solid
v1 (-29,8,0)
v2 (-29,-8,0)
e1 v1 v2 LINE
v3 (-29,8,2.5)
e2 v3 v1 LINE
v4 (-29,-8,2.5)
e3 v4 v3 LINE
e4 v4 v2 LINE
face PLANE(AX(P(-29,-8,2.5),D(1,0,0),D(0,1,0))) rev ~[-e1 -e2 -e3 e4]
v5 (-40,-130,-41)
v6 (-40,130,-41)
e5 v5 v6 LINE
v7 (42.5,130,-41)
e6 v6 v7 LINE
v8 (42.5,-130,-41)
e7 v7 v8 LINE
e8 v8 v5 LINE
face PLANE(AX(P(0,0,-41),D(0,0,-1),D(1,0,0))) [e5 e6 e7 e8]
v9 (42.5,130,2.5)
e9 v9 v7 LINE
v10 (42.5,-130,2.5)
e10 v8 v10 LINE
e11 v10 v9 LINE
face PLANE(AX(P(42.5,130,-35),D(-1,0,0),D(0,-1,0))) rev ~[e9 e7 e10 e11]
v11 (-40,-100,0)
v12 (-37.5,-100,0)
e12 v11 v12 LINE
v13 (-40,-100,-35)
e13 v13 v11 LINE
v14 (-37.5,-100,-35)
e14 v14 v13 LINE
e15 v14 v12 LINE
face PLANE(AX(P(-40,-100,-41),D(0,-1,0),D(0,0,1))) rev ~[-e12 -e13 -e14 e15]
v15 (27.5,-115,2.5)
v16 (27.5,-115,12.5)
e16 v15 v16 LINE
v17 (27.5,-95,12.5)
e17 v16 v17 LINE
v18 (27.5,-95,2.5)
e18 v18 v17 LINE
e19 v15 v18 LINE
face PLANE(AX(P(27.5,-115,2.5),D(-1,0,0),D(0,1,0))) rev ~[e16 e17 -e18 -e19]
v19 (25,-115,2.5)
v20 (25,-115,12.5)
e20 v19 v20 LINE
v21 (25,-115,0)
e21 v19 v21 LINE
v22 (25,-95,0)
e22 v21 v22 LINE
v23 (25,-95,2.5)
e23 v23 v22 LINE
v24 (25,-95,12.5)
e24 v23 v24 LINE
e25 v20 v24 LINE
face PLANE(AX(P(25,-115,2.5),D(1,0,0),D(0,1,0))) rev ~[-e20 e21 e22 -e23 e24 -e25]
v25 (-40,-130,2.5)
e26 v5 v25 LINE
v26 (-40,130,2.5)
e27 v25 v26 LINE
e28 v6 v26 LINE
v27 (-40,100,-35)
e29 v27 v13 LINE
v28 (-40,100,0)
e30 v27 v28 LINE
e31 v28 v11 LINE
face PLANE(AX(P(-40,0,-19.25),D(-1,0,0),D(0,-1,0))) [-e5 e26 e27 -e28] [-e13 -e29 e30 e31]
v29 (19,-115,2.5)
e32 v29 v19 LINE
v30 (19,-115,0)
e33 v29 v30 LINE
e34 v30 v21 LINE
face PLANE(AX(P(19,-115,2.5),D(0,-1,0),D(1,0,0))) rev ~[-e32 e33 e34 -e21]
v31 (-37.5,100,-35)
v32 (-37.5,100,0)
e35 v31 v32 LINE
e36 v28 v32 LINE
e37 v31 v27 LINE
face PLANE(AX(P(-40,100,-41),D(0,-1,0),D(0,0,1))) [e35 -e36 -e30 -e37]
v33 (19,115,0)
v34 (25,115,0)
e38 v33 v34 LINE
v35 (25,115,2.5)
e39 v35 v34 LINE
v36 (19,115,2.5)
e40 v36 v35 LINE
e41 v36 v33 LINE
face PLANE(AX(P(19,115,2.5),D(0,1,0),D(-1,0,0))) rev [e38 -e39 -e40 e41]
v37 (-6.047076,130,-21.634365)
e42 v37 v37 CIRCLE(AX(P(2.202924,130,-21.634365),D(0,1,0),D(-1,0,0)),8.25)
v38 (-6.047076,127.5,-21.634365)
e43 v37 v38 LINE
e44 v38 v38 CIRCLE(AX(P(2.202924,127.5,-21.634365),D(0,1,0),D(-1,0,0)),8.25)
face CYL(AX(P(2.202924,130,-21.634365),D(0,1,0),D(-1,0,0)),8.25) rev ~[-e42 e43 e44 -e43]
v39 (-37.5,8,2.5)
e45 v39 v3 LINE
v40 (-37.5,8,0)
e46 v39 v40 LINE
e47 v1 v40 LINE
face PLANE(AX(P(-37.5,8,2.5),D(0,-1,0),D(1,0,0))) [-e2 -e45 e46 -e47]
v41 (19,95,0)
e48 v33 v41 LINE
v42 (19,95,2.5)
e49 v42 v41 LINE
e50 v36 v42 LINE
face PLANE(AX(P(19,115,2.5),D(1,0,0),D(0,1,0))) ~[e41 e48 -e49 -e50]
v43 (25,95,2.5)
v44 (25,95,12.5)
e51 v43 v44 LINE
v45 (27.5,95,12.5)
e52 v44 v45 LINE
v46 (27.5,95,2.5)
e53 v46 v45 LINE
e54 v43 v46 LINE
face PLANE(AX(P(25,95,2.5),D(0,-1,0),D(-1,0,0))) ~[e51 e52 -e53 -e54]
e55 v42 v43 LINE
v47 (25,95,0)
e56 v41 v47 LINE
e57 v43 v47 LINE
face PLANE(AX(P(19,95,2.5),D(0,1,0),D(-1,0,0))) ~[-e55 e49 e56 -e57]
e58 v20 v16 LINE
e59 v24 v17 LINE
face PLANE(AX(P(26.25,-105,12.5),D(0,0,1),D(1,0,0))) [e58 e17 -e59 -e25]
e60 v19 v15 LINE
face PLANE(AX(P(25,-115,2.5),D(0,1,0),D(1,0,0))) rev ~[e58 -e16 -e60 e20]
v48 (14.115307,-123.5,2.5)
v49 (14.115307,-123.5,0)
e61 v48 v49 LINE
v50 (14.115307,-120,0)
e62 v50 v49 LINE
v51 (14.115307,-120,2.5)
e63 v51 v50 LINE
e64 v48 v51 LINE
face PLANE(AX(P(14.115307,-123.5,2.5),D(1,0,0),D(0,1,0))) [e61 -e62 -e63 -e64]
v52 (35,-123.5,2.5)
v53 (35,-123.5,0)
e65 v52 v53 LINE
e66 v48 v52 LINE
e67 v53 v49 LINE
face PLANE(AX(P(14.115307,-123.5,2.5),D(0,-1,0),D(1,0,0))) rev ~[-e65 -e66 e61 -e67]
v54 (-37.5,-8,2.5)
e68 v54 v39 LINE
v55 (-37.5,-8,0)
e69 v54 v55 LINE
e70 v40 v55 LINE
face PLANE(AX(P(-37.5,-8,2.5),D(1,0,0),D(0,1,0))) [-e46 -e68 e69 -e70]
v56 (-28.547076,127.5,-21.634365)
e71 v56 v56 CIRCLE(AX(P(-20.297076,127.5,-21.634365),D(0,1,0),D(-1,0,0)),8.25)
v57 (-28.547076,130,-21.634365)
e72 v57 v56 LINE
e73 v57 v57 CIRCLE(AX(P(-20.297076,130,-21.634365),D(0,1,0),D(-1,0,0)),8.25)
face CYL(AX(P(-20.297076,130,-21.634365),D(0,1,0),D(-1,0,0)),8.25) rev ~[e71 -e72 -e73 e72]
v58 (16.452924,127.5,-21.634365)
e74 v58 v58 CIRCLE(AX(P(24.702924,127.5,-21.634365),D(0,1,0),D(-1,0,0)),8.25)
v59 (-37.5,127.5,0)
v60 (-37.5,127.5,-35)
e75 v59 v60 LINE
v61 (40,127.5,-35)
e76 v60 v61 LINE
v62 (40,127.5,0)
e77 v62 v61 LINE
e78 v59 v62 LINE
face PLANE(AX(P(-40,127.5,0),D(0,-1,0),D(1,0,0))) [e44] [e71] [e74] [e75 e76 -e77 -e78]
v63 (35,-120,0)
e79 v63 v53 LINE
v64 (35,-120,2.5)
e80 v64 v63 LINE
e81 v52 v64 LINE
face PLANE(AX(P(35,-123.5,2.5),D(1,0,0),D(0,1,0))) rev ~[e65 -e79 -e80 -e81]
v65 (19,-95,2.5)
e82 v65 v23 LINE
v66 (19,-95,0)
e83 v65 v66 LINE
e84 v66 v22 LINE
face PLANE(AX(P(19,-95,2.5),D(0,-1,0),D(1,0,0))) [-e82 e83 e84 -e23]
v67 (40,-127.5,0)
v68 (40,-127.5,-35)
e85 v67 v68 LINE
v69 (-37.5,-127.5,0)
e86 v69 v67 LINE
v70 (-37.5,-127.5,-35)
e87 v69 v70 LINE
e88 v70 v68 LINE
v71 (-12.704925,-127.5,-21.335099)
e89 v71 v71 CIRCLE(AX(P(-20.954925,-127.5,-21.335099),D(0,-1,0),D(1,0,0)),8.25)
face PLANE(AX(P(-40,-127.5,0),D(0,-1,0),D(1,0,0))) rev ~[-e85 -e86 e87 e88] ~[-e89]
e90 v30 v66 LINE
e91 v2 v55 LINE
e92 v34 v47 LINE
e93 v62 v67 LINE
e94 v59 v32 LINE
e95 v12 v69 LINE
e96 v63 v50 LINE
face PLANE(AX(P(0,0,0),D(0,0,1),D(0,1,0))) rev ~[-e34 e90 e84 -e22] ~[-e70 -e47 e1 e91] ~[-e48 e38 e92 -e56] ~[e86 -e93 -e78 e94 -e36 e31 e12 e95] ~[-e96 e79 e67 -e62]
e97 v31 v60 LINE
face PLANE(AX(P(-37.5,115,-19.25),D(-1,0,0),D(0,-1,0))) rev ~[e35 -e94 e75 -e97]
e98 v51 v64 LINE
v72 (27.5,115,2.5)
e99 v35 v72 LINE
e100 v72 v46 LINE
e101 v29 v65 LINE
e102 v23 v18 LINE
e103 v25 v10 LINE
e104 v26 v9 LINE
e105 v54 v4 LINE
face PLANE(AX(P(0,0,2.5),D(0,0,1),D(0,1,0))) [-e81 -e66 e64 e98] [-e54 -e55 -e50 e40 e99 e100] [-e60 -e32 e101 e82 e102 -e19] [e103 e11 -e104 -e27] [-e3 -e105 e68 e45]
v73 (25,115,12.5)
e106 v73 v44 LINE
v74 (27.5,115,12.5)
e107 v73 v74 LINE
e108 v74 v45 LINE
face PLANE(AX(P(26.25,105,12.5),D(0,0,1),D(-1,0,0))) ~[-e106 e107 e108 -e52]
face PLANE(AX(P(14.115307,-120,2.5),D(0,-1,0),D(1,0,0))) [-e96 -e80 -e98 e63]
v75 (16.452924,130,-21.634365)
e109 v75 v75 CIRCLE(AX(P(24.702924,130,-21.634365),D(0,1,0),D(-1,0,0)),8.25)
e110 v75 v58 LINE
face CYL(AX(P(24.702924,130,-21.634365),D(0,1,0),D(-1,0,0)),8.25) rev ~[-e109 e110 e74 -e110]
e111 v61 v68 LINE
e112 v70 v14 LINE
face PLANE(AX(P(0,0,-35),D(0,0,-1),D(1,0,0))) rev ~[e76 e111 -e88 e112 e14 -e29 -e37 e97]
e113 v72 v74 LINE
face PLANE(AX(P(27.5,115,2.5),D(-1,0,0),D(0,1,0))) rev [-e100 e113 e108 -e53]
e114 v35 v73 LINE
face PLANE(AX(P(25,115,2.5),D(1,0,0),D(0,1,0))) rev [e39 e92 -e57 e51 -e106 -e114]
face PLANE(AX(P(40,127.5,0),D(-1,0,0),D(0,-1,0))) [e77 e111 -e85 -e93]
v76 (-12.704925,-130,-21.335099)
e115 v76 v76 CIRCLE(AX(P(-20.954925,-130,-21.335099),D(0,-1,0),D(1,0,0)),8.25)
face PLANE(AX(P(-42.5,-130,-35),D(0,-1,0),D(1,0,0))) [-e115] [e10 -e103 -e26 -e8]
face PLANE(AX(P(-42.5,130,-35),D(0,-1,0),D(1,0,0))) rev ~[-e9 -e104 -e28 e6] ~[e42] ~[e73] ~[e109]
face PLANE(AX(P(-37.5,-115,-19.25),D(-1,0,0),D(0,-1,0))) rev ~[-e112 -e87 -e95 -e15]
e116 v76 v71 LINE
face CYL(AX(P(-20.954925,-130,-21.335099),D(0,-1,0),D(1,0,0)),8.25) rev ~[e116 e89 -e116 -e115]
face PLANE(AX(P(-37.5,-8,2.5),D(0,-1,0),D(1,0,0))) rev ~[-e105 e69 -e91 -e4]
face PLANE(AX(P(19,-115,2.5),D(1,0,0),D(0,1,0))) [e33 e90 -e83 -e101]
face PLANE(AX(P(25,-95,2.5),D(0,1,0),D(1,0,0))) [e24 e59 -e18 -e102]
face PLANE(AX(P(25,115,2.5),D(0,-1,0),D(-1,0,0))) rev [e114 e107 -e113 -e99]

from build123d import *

# Parameters (mm, degrees)
SKETCH1_W           = 260
SKETCH1_H           = 85
BOSS_EXTRUDE1_DEPTH = 2.5
SKETCH2_W           = 85
SKETCH2_H           = 260
SKETCH2_W_2         = 80
SKETCH2_H_2         = 255
BOSS_EXTRUDE2_DEPTH = 35
SKETCH3_W           = 85
SKETCH3_H           = 260
BOSS_EXTRUDE3_DEPTH = 6
SKETCH4_W           = 260
SKETCH4_H           = 43.5
CUT_EXTRUDE1_DEPTH  = 2.5
CUT_EXTRUDE2_REACH  = 45.5
SKETCH5_W           = 8.5
SKETCH5_H           = 16
SKETCH14_R          = 8.25
CUT_EXTRUDE8_DEPTH  = 2.5
SKETCH22_R          = 8.25
CUT_EXTRUDE9_DEPTH  = 10
CUT_EXTRUDE11_REACH = 45.5
SKETCH25_W          = 20.88469263
SKETCH25_H          = 3.5
SKETCH27_W          = 30
SKETCH27_H          = 43.5
BOSS_EXTRUDE4_DEPTH = 2.5
SKETCH29_W          = 2.5
SKETCH29_H          = 20
BOSS_EXTRUDE5_DEPTH = 10
SKETCH30_W          = 6
SKETCH30_H          = 20
CUT_EXTRUDE12_DEPTH = 5


with BuildPart() as part:
    # Sketch1 → Boss-Extrude1 (new body)
    with BuildSketch(Plane(origin=(0, 0, 0), x_dir=(0, 1, 0), z_dir=(0, 0, 1))):
        Rectangle(SKETCH1_W, SKETCH1_H)
    extrude(amount=BOSS_EXTRUDE1_DEPTH)

    # Sketch2 → Boss-Extrude2 (add)
    with BuildSketch(Plane(origin=(0, 0, 0), x_dir=(1, 0, 0), z_dir=(0, 0, -1))):
        Rectangle(SKETCH2_W, SKETCH2_H)
        Rectangle(SKETCH2_W_2, SKETCH2_H_2, mode=Mode.SUBTRACT)
    extrude(amount=BOSS_EXTRUDE2_DEPTH)

    # Sketch3 → Boss-Extrude3 (add)
    with BuildSketch(Plane(origin=(0, 0, -35), x_dir=(1, 0, 0), z_dir=(0, 0, -1))):
        Rectangle(SKETCH3_W, SKETCH3_H)
    extrude(amount=BOSS_EXTRUDE3_DEPTH)

    # Sketch4 → Cut-Extrude1 (cut)
    with BuildSketch(Plane(origin=(-42.5, 0, 0), x_dir=(0, -1, 0), z_dir=(-1, 0, 0))):
        with Locations((0, -19.25)):
            Rectangle(SKETCH4_W, SKETCH4_H)
    extrude(amount=-CUT_EXTRUDE1_DEPTH, mode=Mode.SUBTRACT)

    # Sketch5 → Cut-Extrude2 (cut, up to next)
    with BuildSketch(Plane.XY.offset(2.5), mode=Mode.PRIVATE) as cut_extrude2_sk1:
        with Locations((-33.25, 0)):
            Rectangle(SKETCH5_W, SKETCH5_H)
    cut_extrude2_tool1 = extrude(cut_extrude2_sk1.sketch, amount=-CUT_EXTRUDE2_REACH, mode=Mode.PRIVATE) & part.part
    add(cut_extrude2_tool1.solids().sort_by_distance((-33.25, 0, 2.5))[0], mode=Mode.SUBTRACT)

    # Sketch14 → Cut-Extrude8 (cut)
    with BuildSketch(Plane.XZ.offset(130)):
        with Locations((-20.95492543, -21.33509917)):
            Circle(SKETCH14_R)
    extrude(amount=-CUT_EXTRUDE8_DEPTH, mode=Mode.SUBTRACT)

    # Sketch22 → Cut-Extrude9 (cut)
    with BuildSketch(Plane(origin=(0, 130, 0), x_dir=(-1, 0, 0), z_dir=(0, 1, 0))):
        with Locations((-24.702923979, -21.634364917)):
            Circle(SKETCH22_R)
        with Locations((-2.202923979, -21.634364917)):
            Circle(SKETCH22_R)
        with Locations((20.297076021, -21.634364917)):
            Circle(SKETCH22_R)
    extrude(amount=-CUT_EXTRUDE9_DEPTH, mode=Mode.SUBTRACT)

    # Sketch25 → Cut-Extrude11 (cut, up to next)
    with BuildSketch(Plane.XY.offset(2.5), mode=Mode.PRIVATE) as cut_extrude11_sk1:
        with Locations((24.557653685, -121.75)):
            Rectangle(SKETCH25_W, SKETCH25_H)
    cut_extrude11_tool1 = extrude(cut_extrude11_sk1.sketch, amount=-CUT_EXTRUDE11_REACH, mode=Mode.PRIVATE) & part.part
    add(cut_extrude11_tool1.solids().sort_by_distance((24.557654, -121.75, 2.5))[0], mode=Mode.SUBTRACT)

    # Sketch27 → Boss-Extrude4 (add)
    with BuildSketch(Plane(origin=(-40, 0, 0), x_dir=(0, -1, 0), z_dir=(-1, 0, 0))):
        with Locations((-115, -19.25)):
            Rectangle(SKETCH27_W, SKETCH27_H)
        with Locations((115, -19.25)):
            Rectangle(SKETCH27_W, SKETCH27_H)
    extrude(amount=-BOSS_EXTRUDE4_DEPTH)

    # Sketch29 → Boss-Extrude5 (add)
    with BuildSketch(Plane.XY.offset(2.5)):
        with Locations((26.25, -105)):
            Rectangle(SKETCH29_W, SKETCH29_H)
    boss_extrude5 = extrude(amount=BOSS_EXTRUDE5_DEPTH)

    # Sketch30 → Cut-Extrude12 (cut)
    with BuildSketch(Plane.XY.offset(2.5)):
        with Locations((22, -105)):
            Rectangle(SKETCH30_W, SKETCH30_H)
    cut_extrude12 = extrude(amount=-CUT_EXTRUDE12_DEPTH, mode=Mode.SUBTRACT)

    # Mirror2: Boss-Extrude5, Cut-Extrude12 across plane
    add(boss_extrude5.mirror(Plane.ZX))
    add(cut_extrude12.mirror(Plane.ZX), mode=Mode.SUBTRACT)


solid = part.part
